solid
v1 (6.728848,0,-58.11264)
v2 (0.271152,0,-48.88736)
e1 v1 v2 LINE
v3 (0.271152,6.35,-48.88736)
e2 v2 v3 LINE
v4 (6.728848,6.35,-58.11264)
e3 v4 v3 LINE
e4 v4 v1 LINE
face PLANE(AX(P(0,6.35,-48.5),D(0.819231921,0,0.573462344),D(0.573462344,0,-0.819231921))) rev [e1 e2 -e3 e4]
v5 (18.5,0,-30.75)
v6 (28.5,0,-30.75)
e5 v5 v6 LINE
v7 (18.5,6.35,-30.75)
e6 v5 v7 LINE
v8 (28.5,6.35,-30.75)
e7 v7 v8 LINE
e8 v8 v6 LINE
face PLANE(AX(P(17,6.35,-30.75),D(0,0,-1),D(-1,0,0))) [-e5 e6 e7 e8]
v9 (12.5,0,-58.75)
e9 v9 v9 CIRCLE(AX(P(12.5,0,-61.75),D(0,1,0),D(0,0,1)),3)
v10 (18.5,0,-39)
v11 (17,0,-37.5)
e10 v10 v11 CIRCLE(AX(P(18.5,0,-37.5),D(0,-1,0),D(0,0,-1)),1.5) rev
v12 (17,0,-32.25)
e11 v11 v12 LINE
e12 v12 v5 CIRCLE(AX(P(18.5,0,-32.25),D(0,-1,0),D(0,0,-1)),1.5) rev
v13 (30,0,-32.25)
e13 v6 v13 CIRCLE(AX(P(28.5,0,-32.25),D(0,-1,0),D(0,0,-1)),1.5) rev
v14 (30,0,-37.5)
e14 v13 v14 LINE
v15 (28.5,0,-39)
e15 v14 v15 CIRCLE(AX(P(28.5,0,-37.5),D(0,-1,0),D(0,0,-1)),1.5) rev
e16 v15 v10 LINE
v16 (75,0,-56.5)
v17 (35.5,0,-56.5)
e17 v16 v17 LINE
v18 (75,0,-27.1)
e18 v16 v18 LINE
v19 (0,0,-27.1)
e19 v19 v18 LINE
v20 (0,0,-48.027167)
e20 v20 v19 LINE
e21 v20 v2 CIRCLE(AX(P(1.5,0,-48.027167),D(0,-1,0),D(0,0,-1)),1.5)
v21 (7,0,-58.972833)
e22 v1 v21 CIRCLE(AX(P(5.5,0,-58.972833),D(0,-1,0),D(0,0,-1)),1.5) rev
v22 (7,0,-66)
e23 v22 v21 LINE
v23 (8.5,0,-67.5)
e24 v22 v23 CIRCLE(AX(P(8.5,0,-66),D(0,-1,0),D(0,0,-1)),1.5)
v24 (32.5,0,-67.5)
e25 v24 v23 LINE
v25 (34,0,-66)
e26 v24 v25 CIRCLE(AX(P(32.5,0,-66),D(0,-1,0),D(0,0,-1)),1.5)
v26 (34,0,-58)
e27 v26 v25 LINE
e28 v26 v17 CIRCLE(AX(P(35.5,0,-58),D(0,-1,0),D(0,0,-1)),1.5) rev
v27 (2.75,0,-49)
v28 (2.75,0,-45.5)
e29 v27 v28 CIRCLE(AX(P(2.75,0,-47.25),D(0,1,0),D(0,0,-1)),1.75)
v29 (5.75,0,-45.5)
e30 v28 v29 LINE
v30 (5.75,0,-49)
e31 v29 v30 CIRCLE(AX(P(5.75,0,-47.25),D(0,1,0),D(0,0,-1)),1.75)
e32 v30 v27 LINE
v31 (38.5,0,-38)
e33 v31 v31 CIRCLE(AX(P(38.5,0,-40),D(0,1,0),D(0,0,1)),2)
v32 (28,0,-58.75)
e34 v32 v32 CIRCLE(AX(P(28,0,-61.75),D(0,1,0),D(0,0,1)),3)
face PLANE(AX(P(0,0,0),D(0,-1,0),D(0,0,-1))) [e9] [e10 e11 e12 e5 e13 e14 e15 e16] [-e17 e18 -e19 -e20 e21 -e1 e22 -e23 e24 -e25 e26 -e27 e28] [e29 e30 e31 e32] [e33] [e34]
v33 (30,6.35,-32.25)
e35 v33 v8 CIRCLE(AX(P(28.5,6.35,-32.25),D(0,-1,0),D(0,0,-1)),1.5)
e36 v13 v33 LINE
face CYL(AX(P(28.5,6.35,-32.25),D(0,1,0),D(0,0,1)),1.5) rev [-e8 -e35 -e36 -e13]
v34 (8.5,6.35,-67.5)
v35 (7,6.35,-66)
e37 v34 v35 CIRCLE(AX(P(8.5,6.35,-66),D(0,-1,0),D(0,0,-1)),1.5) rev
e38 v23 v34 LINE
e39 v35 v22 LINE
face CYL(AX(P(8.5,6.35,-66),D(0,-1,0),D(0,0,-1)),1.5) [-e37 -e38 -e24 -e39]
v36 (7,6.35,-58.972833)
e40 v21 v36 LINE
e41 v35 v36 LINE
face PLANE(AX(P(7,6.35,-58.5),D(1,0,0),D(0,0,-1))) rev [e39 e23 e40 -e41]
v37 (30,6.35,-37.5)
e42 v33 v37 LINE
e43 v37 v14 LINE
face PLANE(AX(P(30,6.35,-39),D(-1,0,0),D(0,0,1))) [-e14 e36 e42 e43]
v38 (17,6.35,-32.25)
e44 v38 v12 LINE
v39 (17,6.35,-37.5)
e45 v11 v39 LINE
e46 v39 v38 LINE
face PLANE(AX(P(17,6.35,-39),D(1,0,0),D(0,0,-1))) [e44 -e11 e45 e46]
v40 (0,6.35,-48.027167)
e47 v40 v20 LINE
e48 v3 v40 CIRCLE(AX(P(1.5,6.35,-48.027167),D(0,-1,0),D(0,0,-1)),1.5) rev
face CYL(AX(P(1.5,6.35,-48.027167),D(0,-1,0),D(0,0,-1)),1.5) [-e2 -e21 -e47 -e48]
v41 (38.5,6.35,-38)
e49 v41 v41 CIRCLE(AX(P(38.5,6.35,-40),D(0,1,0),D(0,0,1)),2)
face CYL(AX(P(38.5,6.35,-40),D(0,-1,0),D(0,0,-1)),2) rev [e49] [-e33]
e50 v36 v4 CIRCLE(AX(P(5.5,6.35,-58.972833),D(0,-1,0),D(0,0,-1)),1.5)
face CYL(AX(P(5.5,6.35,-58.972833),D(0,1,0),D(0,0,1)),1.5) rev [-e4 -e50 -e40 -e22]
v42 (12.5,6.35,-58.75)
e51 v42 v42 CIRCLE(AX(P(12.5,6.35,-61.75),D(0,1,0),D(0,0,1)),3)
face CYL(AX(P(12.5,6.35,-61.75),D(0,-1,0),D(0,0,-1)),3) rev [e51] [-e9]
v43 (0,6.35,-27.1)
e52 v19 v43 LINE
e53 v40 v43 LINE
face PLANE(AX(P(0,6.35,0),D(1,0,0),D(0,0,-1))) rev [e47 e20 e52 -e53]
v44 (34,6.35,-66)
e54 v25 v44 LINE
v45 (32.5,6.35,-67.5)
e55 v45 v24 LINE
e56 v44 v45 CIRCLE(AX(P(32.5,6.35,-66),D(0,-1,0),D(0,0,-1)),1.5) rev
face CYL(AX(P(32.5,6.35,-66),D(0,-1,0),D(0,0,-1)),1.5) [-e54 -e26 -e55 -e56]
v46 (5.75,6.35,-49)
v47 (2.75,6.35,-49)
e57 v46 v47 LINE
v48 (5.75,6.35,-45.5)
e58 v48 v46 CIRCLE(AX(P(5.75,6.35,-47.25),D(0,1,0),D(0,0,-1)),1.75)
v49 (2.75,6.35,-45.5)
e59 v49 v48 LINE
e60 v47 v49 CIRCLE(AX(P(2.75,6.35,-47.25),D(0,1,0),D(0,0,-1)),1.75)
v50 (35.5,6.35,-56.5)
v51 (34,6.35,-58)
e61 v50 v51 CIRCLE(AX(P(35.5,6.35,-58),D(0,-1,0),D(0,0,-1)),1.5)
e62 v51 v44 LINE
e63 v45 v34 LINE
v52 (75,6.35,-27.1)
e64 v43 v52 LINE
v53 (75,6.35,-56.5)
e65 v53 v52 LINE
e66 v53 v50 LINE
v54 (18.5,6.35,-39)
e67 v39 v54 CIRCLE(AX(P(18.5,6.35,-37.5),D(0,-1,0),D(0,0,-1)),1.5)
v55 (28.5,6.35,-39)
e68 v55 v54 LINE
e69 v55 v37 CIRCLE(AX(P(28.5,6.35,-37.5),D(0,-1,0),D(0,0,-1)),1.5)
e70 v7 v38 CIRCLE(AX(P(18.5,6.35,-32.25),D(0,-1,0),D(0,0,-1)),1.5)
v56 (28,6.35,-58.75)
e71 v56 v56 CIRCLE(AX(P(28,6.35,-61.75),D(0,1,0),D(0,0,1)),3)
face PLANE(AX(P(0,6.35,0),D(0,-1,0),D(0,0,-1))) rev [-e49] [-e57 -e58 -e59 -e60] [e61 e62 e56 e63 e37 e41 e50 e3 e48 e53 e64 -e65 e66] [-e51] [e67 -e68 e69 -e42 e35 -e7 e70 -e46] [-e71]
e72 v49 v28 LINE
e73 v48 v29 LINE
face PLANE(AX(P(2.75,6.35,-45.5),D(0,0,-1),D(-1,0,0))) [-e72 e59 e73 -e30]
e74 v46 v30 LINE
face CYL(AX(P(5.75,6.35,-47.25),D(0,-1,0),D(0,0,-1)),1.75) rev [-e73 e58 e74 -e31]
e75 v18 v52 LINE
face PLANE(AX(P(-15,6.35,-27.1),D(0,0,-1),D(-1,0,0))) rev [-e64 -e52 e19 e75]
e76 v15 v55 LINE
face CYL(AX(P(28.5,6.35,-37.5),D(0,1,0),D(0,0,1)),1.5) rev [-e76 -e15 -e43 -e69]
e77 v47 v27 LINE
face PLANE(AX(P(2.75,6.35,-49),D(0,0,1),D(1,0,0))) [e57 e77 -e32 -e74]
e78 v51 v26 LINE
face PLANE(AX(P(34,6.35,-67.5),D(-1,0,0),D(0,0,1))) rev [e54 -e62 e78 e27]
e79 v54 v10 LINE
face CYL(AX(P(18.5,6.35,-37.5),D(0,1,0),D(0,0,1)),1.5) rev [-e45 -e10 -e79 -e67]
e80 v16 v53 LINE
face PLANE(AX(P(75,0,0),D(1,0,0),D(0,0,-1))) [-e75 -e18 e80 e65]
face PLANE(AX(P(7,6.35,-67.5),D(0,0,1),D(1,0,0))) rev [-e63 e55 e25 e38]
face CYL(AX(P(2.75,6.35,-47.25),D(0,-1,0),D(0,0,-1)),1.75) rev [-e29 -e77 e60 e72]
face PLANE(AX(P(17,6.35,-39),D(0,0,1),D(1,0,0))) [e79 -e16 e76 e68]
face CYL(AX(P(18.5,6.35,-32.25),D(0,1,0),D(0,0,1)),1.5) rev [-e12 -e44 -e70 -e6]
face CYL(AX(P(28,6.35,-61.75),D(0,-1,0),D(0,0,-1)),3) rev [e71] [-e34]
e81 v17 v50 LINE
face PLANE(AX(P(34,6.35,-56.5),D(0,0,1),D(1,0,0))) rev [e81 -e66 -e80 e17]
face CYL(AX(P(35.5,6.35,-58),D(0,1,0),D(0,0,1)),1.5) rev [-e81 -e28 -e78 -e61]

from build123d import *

# Parameters (mm, degrees)
SKETCH1_R           = 2
SKETCH1_R_2         = 3
SKETCH1_W           = 13
SKETCH1_H           = 8.25
BOSS_EXTRUDE1_DEPTH = 6.35
FILLET1_R           = 1.5
SKETCH2_W           = 82.327825706
SKETCH2_H           = 14.458254131
CUT_EXTRUDE1_DEPTH  = 51
SKETCH3_W           = 51.5
SKETCH3_H           = 6.35
BOSS_EXTRUDE2_DEPTH = 25
SKETCH4_W           = 84.929028447
SKETCH4_H           = 25.885902506
CUT_EXTRUDE2_DEPTH  = 90
SKETCH5_W           = 0.1
SKETCH5_H           = 6.35
CUT_EXTRUDE3_DEPTH  = 90
SKETCH6_W           = 81.24526446
SKETCH6_H           = 21.013173112
CUT_EXTRUDE4_DEPTH  = 90


with BuildPart() as part:
    # Sketch1 → Boss-Extrude1 (new body)
    with BuildSketch(Plane(origin=(0, 0, 0), x_dir=(1, 0, 0), z_dir=(0, 1, 0))):
        Polygon((38, 0), (38, 5), (58, 5), (58, 0), (96, 0), (96, 48.5), (89, 58.5), (89, 67.5), (62, 67.5), (62, 56.5), (34, 56.5), (34, 67.5), (7, 67.5), (7, 58.5), (0, 48.5), (0, 0), align=None)
        with Locations(Location((38.5, 40, 0), (0, 0, 270))):
            Circle(SKETCH1_R, mode=Mode.SUBTRACT)
        with Locations(Location((38.5, 22, 0), (0, 0, 270))):
            Circle(SKETCH1_R, mode=Mode.SUBTRACT)
        with Locations(Location((57.5, 22, 0), (0, 0, 90))):
            Circle(SKETCH1_R, mode=Mode.SUBTRACT)
        with Locations(Location((57.5, 40, 0), (0, 0, 90))):
            Circle(SKETCH1_R, mode=Mode.SUBTRACT)
        with Locations(Location((12.5, 61.75, 0), (0, 0, 270))):
            Circle(SKETCH1_R_2, mode=Mode.SUBTRACT)
        with Locations(Location((28, 61.75, 0), (0, 0, 270))):
            Circle(SKETCH1_R_2, mode=Mode.SUBTRACT)
        with Locations(Location((68, 61.75, 0), (0, 0, 90))):
            Circle(SKETCH1_R_2, mode=Mode.SUBTRACT)
        with Locations(Location((83.5, 61.75, 0), (0, 0, 90))):
            Circle(SKETCH1_R_2, mode=Mode.SUBTRACT)
        with Locations((72.5, 18.625)):
            Rectangle(SKETCH1_W, SKETCH1_H, mode=Mode.SUBTRACT)
        with Locations((23.5, 34.875)):
            Rectangle(SKETCH1_W, SKETCH1_H, mode=Mode.SUBTRACT)
        with Locations((23.5, 18.625)):
            Rectangle(SKETCH1_W, SKETCH1_H, mode=Mode.SUBTRACT)
        with Locations((72.5, 34.875)):
            Rectangle(SKETCH1_W, SKETCH1_H, mode=Mode.SUBTRACT)
        with BuildLine():
            Line((2.75, 11.75), (5.75, 11.75))
            ThreePointArc((5.75, 11.75), (7.5, 10), (5.75, 8.25))
            Line((5.75, 8.25), (2.75, 8.25))
            ThreePointArc((2.75, 8.25), (1, 10), (2.75, 11.75))
        make_face(mode=Mode.SUBTRACT)
        with BuildLine():
            Line((93.25, 8.25), (90.25, 8.25))
            ThreePointArc((90.25, 8.25), (88.5, 10), (90.25, 11.75))
            Line((90.25, 11.75), (93.25, 11.75))
            ThreePointArc((93.25, 11.75), (95, 10), (93.25, 8.25))
        make_face(mode=Mode.SUBTRACT)
        with BuildLine():
            Line((93.25, 45.5), (90.25, 45.5))
            ThreePointArc((90.25, 45.5), (88.5, 47.25), (90.25, 49))
            Line((90.25, 49), (93.25, 49))
            ThreePointArc((93.25, 49), (95, 47.25), (93.25, 45.5))
        make_face(mode=Mode.SUBTRACT)
        with BuildLine():
            Line((2.75, 49), (5.75, 49))
            ThreePointArc((5.75, 49), (7.5, 47.25), (5.75, 45.5))
            Line((5.75, 45.5), (2.75, 45.5))
            ThreePointArc((2.75, 45.5), (1, 47.25), (2.75, 49))
        make_face(mode=Mode.SUBTRACT)
    extrude(amount=BOSS_EXTRUDE1_DEPTH)

    # Fillet1
    fillet1_edges = [part.edges().sort_by_distance(p)[0] for p in [
        (0, 3.175, -48.5),
        (7, 3.175, -58.5),
        (7, 3.175, -67.5),
        (34, 3.175, -67.5),
        (34, 3.175, -56.5),
        (62, 3.175, -56.5),
        (62, 3.175, -67.5),
        (89, 3.175, -67.5),
        (89, 3.175, -58.5),
        (96, 3.175, -48.5),
        (96, 3.175, 0),
        (58, 3.175, 0),
        (58, 3.175, -5),
        (38, 3.175, -5),
        (38, 3.175, 0),
        (0, 3.175, 0),
        (17, 3.175, -39),
        (17, 3.175, -30.75),
        (30, 3.175, -30.75),
        (30, 3.175, -39),
        (17, 3.175, -22.75),
        (17, 3.175, -14.5),
        (30, 3.175, -14.5),
        (30, 3.175, -22.75),
        (79, 3.175, -14.5),
        (79, 3.175, -22.75),
        (66, 3.175, -22.75),
        (66, 3.175, -14.5),
        (79, 3.175, -30.75),
        (79, 3.175, -39),
        (66, 3.175, -39),
        (66, 3.175, -30.75),
    ]]
    fillet(fillet1_edges, radius=FILLET1_R)

    # Sketch2 → Cut-Extrude1 (cut)
    with BuildSketch(Plane(origin=(48, 0, 0), x_dir=(0, 0, -1), z_dir=(1, 0, 0))):
        with Locations((33.293792952, 1.315835649)):
            Rectangle(SKETCH2_W, SKETCH2_H)
    extrude(amount=CUT_EXTRUDE1_DEPTH, mode=Mode.SUBTRACT)

    # Sketch3 → Boss-Extrude2 (add)
    with BuildSketch(Plane(origin=(48, 0, 0), x_dir=(0, 0, -1), z_dir=(1, 0, 0))):
        with Locations((30.75, 3.175)):
            Rectangle(SKETCH3_W, SKETCH3_H)
    extrude(amount=BOSS_EXTRUDE2_DEPTH)

    # Mirror1: part across plane


with BuildPart() as part_1:
    add(part.part)
    add(part.part.mirror(Plane(origin=(73, 0, 0), x_dir=(0, 0, 1), z_dir=(1, 0, 0))))

    # Sketch4 → Cut-Extrude2 (cut)
    with BuildSketch(Plane(origin=(75, 0, 0), x_dir=(0, 0, -1), z_dir=(1, 0, 0))):
        with Locations((34.029781947, 1.13903014)):
            Rectangle(SKETCH4_W, SKETCH4_H)
    extrude(amount=CUT_EXTRUDE2_DEPTH, mode=Mode.SUBTRACT)

    # Sketch5 → Cut-Extrude3 (cut)
    with BuildSketch(Plane(origin=(75, 0, 0), x_dir=(0, 0, -1), z_dir=(1, 0, 0))):
        with Locations((27.05, 3.175)):
            Rectangle(SKETCH5_W, SKETCH5_H)
    extrude(amount=-CUT_EXTRUDE3_DEPTH, mode=Mode.SUBTRACT)


with BuildPart() as cut_extrude3_piece_1:
    # of the separate pieces the step leaves, piece 1, a body of its own (cut_extrude3_pieces)
    add(part_1.part.solids().sort_by_distance((0, 0, -48.027166654))[0])


with BuildPart() as cut_extrude3_piece_2:
    # of the separate pieces the step leaves, piece 2, a body of its own (cut_extrude3_pieces)
    add(part_1.part.solids().sort_by_distance((38, 0, -1.5))[0])

    # Sketch6 → Cut-Extrude4 (cut)
    with BuildSketch(Plane(origin=(0, 0, -27), x_dir=(-1, 0, 0), z_dir=(0, 0, -1))):
        with Locations((-35.926138856, 1.728749219)):
            Rectangle(SKETCH6_W, SKETCH6_H)
    extrude(amount=-CUT_EXTRUDE4_DEPTH, mode=Mode.SUBTRACT)


solid = cut_extrude3_piece_1.part
